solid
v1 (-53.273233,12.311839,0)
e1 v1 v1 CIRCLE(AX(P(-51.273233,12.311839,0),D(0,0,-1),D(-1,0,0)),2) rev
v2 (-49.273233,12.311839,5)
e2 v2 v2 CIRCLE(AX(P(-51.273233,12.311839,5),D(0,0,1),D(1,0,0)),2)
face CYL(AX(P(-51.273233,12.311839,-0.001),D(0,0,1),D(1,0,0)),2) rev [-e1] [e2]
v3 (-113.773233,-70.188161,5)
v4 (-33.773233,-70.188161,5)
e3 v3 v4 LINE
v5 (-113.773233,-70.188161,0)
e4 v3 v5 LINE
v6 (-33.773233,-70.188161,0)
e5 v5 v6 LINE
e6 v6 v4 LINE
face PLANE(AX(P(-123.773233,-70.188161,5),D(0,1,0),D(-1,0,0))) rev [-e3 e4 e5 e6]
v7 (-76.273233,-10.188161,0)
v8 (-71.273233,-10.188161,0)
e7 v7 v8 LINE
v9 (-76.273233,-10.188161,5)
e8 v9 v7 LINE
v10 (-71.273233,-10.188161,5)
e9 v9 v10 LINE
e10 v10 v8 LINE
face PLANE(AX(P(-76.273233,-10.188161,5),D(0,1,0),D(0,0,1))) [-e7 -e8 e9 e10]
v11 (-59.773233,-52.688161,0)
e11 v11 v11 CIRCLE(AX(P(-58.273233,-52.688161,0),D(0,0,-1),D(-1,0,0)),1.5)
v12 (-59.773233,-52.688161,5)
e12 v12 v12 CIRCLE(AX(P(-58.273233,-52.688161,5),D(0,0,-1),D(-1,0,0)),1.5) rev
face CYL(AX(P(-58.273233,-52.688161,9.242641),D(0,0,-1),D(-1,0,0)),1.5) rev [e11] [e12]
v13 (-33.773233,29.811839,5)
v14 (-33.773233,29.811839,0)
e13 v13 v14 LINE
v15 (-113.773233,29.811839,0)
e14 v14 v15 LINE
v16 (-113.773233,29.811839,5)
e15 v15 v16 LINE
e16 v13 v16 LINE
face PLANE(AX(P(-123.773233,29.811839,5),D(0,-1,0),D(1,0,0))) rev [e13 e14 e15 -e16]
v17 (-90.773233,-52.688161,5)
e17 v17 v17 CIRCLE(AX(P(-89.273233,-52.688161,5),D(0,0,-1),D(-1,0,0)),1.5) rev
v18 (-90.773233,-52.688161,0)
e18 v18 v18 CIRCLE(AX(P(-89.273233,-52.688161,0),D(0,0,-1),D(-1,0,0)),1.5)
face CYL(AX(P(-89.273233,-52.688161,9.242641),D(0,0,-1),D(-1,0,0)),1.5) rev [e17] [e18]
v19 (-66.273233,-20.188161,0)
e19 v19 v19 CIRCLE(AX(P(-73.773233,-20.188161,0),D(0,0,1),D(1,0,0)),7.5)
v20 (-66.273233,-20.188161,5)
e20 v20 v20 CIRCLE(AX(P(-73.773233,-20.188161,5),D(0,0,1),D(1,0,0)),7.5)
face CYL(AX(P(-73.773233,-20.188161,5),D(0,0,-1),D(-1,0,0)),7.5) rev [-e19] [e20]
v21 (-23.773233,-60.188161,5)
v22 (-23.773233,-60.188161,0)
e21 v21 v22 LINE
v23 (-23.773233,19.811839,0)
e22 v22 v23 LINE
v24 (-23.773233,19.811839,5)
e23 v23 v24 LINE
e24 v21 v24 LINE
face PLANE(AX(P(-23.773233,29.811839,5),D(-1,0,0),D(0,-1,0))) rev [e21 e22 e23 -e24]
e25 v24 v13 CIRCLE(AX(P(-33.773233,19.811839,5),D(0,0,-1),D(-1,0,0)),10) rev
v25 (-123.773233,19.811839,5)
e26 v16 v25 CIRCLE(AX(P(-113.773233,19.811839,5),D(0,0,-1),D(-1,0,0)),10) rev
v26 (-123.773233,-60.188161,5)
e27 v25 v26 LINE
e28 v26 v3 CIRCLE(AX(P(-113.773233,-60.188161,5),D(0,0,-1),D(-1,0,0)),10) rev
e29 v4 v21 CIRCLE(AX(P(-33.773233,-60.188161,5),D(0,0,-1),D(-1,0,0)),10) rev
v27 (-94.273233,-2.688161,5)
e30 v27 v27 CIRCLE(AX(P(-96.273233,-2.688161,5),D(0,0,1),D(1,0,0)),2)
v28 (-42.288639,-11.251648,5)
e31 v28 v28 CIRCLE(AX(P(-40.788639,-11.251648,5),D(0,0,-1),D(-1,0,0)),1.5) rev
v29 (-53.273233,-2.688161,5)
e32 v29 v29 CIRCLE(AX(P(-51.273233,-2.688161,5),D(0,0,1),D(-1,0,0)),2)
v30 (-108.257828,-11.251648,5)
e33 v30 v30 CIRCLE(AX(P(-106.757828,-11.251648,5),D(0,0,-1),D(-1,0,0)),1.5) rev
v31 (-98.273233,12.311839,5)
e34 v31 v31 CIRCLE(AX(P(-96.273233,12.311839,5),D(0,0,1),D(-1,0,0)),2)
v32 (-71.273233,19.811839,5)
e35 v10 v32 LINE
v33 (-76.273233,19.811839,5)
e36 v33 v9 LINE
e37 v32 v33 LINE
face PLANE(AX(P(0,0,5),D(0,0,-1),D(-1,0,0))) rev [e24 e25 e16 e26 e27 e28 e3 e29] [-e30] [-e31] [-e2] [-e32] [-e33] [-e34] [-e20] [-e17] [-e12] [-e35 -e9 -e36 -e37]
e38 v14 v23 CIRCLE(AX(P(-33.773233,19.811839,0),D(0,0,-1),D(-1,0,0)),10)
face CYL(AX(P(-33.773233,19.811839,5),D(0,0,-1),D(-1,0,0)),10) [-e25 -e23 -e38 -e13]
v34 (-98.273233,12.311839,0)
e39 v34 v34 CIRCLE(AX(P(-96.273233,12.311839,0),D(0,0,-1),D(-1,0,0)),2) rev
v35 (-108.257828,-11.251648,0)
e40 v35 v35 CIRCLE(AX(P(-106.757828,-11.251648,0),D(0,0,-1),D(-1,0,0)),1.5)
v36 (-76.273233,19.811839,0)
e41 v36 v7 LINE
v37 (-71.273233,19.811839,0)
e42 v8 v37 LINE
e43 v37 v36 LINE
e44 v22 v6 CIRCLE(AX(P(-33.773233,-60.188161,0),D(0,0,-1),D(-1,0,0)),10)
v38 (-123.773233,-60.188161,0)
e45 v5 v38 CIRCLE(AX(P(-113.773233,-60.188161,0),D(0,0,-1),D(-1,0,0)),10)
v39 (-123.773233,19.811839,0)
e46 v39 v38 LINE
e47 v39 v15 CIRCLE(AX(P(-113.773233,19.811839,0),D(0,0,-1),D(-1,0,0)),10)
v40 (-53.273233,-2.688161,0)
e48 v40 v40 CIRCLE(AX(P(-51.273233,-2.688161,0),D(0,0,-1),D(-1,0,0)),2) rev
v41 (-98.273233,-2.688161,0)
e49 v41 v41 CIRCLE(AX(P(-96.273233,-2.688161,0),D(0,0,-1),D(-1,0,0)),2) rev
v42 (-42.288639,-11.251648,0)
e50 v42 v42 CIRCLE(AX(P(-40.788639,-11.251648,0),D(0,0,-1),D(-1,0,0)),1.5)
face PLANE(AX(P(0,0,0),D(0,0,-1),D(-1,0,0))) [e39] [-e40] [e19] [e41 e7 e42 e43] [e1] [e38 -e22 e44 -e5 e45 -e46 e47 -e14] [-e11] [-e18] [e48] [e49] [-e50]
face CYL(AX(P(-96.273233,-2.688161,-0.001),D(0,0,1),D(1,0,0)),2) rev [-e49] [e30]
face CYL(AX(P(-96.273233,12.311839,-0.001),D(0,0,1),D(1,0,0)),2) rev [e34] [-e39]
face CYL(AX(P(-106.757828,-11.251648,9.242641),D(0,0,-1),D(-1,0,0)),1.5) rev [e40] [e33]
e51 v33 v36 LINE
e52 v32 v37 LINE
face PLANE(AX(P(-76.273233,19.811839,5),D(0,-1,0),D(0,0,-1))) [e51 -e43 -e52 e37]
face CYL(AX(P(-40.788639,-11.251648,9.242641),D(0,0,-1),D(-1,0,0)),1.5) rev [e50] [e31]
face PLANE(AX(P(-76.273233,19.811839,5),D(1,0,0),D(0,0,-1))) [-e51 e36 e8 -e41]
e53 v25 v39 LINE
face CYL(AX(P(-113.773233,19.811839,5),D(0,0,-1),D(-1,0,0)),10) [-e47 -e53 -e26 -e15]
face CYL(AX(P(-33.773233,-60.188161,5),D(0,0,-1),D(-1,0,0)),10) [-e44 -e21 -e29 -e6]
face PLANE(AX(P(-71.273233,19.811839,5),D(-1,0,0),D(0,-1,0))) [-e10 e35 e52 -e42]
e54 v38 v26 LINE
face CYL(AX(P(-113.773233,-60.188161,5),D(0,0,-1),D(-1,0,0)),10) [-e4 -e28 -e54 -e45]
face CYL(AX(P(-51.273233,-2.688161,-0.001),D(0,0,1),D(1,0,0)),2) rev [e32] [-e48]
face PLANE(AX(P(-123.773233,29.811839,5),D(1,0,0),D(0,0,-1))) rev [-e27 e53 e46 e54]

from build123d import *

# Parameters (mm, degrees)
CROQUIS1_W              = 100
CROQUIS1_H              = 100
CROQUIS1_R              = 7.5
CROQUIS1_W_2            = 5
CROQUIS1_H_2            = 30
SALIENTE_EXTRUIR1_DEPTH = 5
REDONDEO1_R             = 10
CROQUIS3_R              = 1.5
CROQUIS3_R_2            = 1.500000006
CORTAR_EXTRUIR1_DEPTH   = 5
CORTAR_EXTRUIR2_REACH   = 144.377
CROQUIS4_R              = 2


with BuildPart() as part:
    # Croquis1 → Saliente-Extruir1 (new body)
    with BuildSketch(Plane.XY):
        with Locations((-73.773233416, -20.188160544)):
            Rectangle(CROQUIS1_W, CROQUIS1_H)
        with Locations((-73.773233416, -20.188160544)):
            Circle(CROQUIS1_R, mode=Mode.SUBTRACT)
        with Locations((-73.773233416, 4.811839456)):
            Rectangle(CROQUIS1_W_2, CROQUIS1_H_2, mode=Mode.SUBTRACT)
    extrude(amount=SALIENTE_EXTRUIR1_DEPTH)

    # Redondeo1
    redondeo1_edges = [part.edges().sort_by_distance(p)[0] for p in [
        (-23.773233416, 29.811839456, 2.5),
        (-23.773233416, -70.188160544, 2.5),
        (-123.773233416, -70.188160544, 2.5),
        (-123.773233416, 29.811839456, 2.5),
    ]]
    fillet(redondeo1_edges, radius=REDONDEO1_R)

    # Croquis3 → Cortar-Extruir1 (cut)
    with BuildSketch(Plane(origin=(0, 0, 0), x_dir=(-1, 0, 0), z_dir=(0, 0, -1))):
        with Locations((106.757827558, -11.251647632)):
            Circle(CROQUIS3_R)
        with Locations((40.788639233, -11.251647632)):
            Circle(CROQUIS3_R_2)
        with Locations((89.273233395, -52.688161005)):
            Circle(CROQUIS3_R)
        with Locations((58.273233395, -52.688161005)):
            Circle(CROQUIS3_R)
    extrude(amount=-CORTAR_EXTRUIR1_DEPTH, mode=Mode.SUBTRACT)

    # Croquis4 → Cortar-Extruir2 (cut, up to next)
    with BuildSketch(Plane.XY.offset(5), mode=Mode.PRIVATE) as cortar_extruir2_sk1:
        with Locations((-51.273233416, 12.311839456)):
            Circle(CROQUIS4_R)
    cortar_extruir2_tool1 = extrude(cortar_extruir2_sk1.sketch, amount=-CORTAR_EXTRUIR2_REACH, mode=Mode.PRIVATE) & part.part
    # Croquis4 → Cortar-Extruir2 (cut, up to next)
    with BuildSketch(Plane.XY.offset(5), mode=Mode.PRIVATE) as cortar_extruir2_sk2:
        with Locations(Location((-96.273233416, 12.311839456, 0), (0, 0, 180))):
            Circle(CROQUIS4_R)
    cortar_extruir2_tool2 = extrude(cortar_extruir2_sk2.sketch, amount=-CORTAR_EXTRUIR2_REACH, mode=Mode.PRIVATE) & part.part
    # Croquis4 → Cortar-Extruir2 (cut, up to next)
    with BuildSketch(Plane.XY.offset(5), mode=Mode.PRIVATE) as cortar_extruir2_sk3:
        with Locations((-96.273233416, -2.688160544)):
            Circle(CROQUIS4_R)
    cortar_extruir2_tool3 = extrude(cortar_extruir2_sk3.sketch, amount=-CORTAR_EXTRUIR2_REACH, mode=Mode.PRIVATE) & part.part
    # Croquis4 → Cortar-Extruir2 (cut, up to next)
    with BuildSketch(Plane.XY.offset(5), mode=Mode.PRIVATE) as cortar_extruir2_sk4:
        with Locations(Location((-51.273233416, -2.688160544, 0), (0, 0, 180))):
            Circle(CROQUIS4_R)
    cortar_extruir2_tool4 = extrude(cortar_extruir2_sk4.sketch, amount=-CORTAR_EXTRUIR2_REACH, mode=Mode.PRIVATE) & part.part
    add(cortar_extruir2_tool1.solids().sort_by_distance((-51.273233, 12.311839, 5))[0], mode=Mode.SUBTRACT)
    add(cortar_extruir2_tool2.solids().sort_by_distance((-96.273233, 12.311839, 5))[0], mode=Mode.SUBTRACT)
    add(cortar_extruir2_tool3.solids().sort_by_distance((-96.273233, -2.688161, 5))[0], mode=Mode.SUBTRACT)
    add(cortar_extruir2_tool4.solids().sort_by_distance((-51.273233, -2.688161, 5))[0], mode=Mode.SUBTRACT)


solid = part.part
